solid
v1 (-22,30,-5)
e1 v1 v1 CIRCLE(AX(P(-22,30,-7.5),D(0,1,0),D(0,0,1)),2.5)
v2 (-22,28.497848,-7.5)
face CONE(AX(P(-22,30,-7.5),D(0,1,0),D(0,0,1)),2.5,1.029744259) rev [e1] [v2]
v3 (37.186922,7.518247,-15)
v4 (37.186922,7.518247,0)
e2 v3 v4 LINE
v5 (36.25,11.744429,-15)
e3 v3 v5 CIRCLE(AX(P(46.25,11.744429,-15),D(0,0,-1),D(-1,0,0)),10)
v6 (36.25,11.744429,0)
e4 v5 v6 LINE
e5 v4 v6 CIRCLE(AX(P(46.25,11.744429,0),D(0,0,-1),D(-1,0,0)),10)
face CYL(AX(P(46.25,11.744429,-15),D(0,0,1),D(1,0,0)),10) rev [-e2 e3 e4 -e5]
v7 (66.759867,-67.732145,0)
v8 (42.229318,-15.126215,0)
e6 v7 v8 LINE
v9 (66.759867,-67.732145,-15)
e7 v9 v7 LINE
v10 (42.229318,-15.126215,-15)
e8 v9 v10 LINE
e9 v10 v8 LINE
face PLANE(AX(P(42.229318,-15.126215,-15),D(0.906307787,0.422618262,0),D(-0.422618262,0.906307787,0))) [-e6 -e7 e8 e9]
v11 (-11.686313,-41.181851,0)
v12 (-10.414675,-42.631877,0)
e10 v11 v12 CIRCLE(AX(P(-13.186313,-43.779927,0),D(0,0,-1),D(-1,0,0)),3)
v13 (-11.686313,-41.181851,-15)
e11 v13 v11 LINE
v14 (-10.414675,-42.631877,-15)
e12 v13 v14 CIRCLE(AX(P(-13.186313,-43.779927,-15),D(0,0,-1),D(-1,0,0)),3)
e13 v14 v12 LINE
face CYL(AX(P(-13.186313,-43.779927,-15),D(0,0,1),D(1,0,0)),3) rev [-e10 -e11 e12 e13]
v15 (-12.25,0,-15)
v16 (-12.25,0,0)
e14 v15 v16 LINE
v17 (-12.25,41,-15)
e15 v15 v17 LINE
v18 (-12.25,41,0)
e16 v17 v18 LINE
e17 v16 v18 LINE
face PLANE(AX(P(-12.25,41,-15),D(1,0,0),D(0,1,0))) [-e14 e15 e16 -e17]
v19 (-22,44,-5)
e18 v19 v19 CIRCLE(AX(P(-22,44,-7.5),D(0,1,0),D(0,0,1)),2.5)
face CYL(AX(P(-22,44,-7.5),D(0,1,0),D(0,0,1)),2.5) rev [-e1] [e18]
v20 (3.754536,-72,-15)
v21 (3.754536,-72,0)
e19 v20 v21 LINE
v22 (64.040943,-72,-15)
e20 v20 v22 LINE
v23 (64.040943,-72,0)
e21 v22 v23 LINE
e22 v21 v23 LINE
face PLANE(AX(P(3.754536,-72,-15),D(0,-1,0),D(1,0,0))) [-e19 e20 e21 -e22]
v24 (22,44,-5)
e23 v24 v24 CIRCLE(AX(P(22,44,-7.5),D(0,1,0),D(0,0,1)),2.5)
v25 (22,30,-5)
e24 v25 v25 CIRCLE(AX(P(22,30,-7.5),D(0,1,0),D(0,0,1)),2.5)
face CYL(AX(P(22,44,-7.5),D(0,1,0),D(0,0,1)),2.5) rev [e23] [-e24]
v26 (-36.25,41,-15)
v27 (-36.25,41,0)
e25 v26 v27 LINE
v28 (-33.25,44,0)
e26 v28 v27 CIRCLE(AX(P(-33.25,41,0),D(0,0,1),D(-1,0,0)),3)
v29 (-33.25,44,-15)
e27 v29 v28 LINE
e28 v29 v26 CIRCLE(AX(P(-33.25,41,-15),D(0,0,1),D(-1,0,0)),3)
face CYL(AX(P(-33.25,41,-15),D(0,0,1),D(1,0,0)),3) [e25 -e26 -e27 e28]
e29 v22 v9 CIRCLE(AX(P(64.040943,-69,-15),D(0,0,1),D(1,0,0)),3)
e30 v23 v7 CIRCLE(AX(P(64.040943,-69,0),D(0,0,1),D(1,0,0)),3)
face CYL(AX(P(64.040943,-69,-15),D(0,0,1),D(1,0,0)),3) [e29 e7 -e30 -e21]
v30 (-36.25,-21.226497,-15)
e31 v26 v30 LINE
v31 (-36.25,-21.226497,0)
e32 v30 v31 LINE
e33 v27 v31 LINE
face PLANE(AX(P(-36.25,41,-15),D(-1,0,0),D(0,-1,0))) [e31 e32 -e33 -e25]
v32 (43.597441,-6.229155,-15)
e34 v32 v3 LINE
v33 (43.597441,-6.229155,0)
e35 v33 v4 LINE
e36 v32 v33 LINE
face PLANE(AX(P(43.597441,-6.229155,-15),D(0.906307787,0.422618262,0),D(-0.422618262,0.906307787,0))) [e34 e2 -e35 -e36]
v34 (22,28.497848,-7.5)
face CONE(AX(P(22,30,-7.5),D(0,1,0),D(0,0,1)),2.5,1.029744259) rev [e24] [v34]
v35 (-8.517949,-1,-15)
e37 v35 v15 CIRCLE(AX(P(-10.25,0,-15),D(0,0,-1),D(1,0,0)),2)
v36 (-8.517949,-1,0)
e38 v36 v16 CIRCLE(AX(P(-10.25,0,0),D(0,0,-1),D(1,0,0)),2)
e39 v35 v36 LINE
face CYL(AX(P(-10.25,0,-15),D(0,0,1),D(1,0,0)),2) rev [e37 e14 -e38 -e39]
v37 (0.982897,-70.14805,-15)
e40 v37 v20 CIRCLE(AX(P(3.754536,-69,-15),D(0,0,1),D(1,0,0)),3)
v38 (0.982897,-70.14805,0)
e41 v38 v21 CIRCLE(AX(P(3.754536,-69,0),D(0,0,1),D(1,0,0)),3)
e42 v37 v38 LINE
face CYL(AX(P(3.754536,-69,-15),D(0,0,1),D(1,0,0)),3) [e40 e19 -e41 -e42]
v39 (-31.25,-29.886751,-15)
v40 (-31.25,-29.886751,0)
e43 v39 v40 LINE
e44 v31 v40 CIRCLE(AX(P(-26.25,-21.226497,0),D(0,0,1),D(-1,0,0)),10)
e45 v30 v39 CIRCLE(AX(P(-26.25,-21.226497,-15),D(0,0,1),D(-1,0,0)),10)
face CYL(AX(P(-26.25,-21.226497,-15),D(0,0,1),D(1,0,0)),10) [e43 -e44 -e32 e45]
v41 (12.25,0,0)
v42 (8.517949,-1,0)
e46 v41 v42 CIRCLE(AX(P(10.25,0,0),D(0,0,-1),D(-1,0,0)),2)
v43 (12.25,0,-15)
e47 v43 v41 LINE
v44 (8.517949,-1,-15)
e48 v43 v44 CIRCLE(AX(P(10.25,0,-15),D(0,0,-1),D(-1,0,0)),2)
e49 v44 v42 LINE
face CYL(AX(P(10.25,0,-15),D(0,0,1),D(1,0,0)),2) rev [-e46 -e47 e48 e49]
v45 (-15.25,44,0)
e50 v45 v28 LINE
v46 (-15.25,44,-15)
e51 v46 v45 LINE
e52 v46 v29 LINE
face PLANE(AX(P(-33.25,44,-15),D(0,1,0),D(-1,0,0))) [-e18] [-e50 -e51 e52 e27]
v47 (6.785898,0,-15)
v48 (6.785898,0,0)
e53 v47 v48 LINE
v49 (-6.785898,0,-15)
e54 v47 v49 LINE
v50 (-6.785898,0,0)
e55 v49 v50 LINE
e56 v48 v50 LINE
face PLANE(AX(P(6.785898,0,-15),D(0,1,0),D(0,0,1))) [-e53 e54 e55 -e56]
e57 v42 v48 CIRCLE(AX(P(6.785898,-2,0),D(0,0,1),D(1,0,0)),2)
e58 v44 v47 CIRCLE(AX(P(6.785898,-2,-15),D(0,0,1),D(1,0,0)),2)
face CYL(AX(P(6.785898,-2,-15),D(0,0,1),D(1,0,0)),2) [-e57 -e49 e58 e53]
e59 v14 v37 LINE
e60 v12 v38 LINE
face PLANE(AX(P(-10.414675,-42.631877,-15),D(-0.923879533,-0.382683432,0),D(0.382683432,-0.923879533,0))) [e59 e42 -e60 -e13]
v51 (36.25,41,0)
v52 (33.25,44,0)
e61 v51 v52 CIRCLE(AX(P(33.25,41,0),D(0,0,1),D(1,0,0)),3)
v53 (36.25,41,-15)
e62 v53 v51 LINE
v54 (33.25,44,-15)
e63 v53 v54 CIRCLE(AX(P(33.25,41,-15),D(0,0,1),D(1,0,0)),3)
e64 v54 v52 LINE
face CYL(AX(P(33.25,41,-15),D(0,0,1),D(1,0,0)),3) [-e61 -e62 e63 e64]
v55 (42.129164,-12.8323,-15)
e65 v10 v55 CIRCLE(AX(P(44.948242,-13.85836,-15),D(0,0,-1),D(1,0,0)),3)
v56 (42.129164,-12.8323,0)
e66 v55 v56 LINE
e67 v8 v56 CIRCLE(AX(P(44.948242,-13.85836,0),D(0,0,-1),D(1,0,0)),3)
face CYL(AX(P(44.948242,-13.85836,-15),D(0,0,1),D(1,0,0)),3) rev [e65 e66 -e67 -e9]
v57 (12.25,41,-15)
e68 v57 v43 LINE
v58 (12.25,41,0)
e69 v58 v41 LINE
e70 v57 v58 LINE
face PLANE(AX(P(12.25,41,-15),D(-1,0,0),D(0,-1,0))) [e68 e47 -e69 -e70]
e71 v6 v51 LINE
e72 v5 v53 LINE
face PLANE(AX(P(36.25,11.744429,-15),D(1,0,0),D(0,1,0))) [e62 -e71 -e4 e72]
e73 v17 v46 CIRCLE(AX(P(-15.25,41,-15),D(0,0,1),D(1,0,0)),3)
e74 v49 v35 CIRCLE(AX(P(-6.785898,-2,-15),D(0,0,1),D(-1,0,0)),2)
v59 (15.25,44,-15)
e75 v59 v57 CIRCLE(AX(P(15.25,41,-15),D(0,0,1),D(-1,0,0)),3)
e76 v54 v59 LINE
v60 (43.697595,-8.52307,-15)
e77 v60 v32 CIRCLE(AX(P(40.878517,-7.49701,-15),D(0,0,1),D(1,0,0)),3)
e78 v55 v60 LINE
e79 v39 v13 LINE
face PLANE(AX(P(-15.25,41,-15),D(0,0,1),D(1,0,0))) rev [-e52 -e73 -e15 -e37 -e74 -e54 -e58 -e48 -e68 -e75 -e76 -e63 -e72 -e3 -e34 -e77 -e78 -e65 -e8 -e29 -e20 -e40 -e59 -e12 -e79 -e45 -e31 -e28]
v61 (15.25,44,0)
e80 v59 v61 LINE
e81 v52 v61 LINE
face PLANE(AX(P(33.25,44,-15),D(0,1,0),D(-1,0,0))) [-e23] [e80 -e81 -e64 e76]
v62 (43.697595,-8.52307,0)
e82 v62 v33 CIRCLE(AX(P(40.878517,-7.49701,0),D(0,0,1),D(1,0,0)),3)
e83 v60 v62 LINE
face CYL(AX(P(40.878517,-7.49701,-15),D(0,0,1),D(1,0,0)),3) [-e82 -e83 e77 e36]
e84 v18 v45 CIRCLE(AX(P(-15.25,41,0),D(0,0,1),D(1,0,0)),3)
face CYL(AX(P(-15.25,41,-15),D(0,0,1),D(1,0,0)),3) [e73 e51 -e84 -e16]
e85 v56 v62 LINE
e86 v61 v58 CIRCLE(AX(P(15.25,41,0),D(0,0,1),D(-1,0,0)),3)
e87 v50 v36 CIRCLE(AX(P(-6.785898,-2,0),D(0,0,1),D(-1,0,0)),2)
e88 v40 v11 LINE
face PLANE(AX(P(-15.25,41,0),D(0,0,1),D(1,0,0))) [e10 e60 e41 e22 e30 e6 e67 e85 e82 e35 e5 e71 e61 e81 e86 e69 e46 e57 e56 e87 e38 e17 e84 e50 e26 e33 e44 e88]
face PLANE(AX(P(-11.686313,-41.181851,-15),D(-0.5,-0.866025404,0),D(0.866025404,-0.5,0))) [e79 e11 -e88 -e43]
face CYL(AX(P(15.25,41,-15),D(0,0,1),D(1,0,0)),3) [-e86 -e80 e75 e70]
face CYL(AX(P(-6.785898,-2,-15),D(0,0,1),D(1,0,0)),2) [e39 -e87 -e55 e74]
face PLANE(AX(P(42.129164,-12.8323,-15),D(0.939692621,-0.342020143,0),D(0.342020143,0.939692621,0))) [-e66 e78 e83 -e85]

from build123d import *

# Parameters (mm, degrees)
BASE_EXTRUDE_DEPTH = 15
HOLE1_D            = 5
HOLE1_DEPTH        = 14
HOLE1_TIP          = 1.502151548


with BuildPart() as part:
    # Sketch1 → Base-Extrude (new body)
    with BuildSketch(Plane.XY):
        with BuildLine():
            Line((33.25, 44), (15.25, 44))
            ThreePointArc((15.25, 44), (13.128679656, 43.121320344), (12.25, 41))
            Line((12.25, 41), (12.25, 0))
            ThreePointArc((12.25, 0), (10.76763809, -1.931851653), (8.517949192, -1))
            ThreePointArc((8.517949192, -1), (7.785898385, -0.267949192), (6.785898385, 0))
            Line((6.785898385, 0), (-6.785898385, 0))
            ThreePointArc((-6.785898385, 0), (-7.785898385, -0.267949192), (-8.517949192, -1))
            ThreePointArc((-8.517949192, -1), (-10.76763809, -1.931851653), (-12.25, 0))
            Line((-12.25, 0), (-12.25, 41))
            ThreePointArc((-12.25, 41), (-13.128679656, 43.121320344), (-15.25, 44))
            Line((-15.25, 44), (-33.25, 44))
            ThreePointArc((-33.25, 44), (-35.371320344, 43.121320344), (-36.25, 41))
            Line((-36.25, 41), (-36.25, -21.226497308))
            ThreePointArc((-36.25, -21.226497308), (-34.910254038, -26.226497308), (-31.25, -29.886751346))
            Line((-31.25, -29.886751346), (-11.686313468, -41.181851032))
            ThreePointArc((-11.686313468, -41.181851032), (-10.930794046, -41.801889798), (-10.414674871, -42.631876946))
            Line((-10.414674871, -42.631876946), (0.982897316, -70.148050297))
            ThreePointArc((0.982897316, -70.148050297), (2.087825215, -71.494408837), (3.754535914, -72))
            Line((3.754535914, -72), (64.040943269, -72))
            ThreePointArc((64.040943269, -72), (66.571117606, -70.611898825), (66.75986663, -67.732145215))
            Line((66.75986663, -67.732145215), (42.229318474, -15.126214931))
            ThreePointArc((42.229318474, -15.126214931), (41.951097171, -13.989218308), (42.129163973, -12.832299716))
            Line((42.129163973, -12.832299716), (43.697595308, -8.52307004))
            ThreePointArc((43.697595308, -8.52307004), (43.87566211, -7.366151448), (43.597440806, -6.229154825))
            Line((43.597440806, -6.229154825), (37.18692213, 7.518246841))
            ThreePointArc((37.18692213, 7.518246841), (36.487039929, 9.580033319), (36.25, 11.744429459))
            Line((36.25, 11.744429459), (36.25, 41))
            ThreePointArc((36.25, 41), (35.371320344, 43.121320344), (33.25, 44))
        make_face()
    extrude(amount=-BASE_EXTRUDE_DEPTH)

    # Hole1
    with Locations(Plane(origin=(0, 44, 0), x_dir=(-1, 0, 0), z_dir=(0, 1, 0))):
        with Locations((22, -7.5), (-22, -7.5)):
            Hole(HOLE1_D / 2, depth=HOLE1_DEPTH)
            with Locations((0, 0, -(HOLE1_DEPTH + HOLE1_TIP / 2))):  # 118° drill point
                Cone(0, HOLE1_D / 2, HOLE1_TIP, mode=Mode.SUBTRACT)


solid = part.part
